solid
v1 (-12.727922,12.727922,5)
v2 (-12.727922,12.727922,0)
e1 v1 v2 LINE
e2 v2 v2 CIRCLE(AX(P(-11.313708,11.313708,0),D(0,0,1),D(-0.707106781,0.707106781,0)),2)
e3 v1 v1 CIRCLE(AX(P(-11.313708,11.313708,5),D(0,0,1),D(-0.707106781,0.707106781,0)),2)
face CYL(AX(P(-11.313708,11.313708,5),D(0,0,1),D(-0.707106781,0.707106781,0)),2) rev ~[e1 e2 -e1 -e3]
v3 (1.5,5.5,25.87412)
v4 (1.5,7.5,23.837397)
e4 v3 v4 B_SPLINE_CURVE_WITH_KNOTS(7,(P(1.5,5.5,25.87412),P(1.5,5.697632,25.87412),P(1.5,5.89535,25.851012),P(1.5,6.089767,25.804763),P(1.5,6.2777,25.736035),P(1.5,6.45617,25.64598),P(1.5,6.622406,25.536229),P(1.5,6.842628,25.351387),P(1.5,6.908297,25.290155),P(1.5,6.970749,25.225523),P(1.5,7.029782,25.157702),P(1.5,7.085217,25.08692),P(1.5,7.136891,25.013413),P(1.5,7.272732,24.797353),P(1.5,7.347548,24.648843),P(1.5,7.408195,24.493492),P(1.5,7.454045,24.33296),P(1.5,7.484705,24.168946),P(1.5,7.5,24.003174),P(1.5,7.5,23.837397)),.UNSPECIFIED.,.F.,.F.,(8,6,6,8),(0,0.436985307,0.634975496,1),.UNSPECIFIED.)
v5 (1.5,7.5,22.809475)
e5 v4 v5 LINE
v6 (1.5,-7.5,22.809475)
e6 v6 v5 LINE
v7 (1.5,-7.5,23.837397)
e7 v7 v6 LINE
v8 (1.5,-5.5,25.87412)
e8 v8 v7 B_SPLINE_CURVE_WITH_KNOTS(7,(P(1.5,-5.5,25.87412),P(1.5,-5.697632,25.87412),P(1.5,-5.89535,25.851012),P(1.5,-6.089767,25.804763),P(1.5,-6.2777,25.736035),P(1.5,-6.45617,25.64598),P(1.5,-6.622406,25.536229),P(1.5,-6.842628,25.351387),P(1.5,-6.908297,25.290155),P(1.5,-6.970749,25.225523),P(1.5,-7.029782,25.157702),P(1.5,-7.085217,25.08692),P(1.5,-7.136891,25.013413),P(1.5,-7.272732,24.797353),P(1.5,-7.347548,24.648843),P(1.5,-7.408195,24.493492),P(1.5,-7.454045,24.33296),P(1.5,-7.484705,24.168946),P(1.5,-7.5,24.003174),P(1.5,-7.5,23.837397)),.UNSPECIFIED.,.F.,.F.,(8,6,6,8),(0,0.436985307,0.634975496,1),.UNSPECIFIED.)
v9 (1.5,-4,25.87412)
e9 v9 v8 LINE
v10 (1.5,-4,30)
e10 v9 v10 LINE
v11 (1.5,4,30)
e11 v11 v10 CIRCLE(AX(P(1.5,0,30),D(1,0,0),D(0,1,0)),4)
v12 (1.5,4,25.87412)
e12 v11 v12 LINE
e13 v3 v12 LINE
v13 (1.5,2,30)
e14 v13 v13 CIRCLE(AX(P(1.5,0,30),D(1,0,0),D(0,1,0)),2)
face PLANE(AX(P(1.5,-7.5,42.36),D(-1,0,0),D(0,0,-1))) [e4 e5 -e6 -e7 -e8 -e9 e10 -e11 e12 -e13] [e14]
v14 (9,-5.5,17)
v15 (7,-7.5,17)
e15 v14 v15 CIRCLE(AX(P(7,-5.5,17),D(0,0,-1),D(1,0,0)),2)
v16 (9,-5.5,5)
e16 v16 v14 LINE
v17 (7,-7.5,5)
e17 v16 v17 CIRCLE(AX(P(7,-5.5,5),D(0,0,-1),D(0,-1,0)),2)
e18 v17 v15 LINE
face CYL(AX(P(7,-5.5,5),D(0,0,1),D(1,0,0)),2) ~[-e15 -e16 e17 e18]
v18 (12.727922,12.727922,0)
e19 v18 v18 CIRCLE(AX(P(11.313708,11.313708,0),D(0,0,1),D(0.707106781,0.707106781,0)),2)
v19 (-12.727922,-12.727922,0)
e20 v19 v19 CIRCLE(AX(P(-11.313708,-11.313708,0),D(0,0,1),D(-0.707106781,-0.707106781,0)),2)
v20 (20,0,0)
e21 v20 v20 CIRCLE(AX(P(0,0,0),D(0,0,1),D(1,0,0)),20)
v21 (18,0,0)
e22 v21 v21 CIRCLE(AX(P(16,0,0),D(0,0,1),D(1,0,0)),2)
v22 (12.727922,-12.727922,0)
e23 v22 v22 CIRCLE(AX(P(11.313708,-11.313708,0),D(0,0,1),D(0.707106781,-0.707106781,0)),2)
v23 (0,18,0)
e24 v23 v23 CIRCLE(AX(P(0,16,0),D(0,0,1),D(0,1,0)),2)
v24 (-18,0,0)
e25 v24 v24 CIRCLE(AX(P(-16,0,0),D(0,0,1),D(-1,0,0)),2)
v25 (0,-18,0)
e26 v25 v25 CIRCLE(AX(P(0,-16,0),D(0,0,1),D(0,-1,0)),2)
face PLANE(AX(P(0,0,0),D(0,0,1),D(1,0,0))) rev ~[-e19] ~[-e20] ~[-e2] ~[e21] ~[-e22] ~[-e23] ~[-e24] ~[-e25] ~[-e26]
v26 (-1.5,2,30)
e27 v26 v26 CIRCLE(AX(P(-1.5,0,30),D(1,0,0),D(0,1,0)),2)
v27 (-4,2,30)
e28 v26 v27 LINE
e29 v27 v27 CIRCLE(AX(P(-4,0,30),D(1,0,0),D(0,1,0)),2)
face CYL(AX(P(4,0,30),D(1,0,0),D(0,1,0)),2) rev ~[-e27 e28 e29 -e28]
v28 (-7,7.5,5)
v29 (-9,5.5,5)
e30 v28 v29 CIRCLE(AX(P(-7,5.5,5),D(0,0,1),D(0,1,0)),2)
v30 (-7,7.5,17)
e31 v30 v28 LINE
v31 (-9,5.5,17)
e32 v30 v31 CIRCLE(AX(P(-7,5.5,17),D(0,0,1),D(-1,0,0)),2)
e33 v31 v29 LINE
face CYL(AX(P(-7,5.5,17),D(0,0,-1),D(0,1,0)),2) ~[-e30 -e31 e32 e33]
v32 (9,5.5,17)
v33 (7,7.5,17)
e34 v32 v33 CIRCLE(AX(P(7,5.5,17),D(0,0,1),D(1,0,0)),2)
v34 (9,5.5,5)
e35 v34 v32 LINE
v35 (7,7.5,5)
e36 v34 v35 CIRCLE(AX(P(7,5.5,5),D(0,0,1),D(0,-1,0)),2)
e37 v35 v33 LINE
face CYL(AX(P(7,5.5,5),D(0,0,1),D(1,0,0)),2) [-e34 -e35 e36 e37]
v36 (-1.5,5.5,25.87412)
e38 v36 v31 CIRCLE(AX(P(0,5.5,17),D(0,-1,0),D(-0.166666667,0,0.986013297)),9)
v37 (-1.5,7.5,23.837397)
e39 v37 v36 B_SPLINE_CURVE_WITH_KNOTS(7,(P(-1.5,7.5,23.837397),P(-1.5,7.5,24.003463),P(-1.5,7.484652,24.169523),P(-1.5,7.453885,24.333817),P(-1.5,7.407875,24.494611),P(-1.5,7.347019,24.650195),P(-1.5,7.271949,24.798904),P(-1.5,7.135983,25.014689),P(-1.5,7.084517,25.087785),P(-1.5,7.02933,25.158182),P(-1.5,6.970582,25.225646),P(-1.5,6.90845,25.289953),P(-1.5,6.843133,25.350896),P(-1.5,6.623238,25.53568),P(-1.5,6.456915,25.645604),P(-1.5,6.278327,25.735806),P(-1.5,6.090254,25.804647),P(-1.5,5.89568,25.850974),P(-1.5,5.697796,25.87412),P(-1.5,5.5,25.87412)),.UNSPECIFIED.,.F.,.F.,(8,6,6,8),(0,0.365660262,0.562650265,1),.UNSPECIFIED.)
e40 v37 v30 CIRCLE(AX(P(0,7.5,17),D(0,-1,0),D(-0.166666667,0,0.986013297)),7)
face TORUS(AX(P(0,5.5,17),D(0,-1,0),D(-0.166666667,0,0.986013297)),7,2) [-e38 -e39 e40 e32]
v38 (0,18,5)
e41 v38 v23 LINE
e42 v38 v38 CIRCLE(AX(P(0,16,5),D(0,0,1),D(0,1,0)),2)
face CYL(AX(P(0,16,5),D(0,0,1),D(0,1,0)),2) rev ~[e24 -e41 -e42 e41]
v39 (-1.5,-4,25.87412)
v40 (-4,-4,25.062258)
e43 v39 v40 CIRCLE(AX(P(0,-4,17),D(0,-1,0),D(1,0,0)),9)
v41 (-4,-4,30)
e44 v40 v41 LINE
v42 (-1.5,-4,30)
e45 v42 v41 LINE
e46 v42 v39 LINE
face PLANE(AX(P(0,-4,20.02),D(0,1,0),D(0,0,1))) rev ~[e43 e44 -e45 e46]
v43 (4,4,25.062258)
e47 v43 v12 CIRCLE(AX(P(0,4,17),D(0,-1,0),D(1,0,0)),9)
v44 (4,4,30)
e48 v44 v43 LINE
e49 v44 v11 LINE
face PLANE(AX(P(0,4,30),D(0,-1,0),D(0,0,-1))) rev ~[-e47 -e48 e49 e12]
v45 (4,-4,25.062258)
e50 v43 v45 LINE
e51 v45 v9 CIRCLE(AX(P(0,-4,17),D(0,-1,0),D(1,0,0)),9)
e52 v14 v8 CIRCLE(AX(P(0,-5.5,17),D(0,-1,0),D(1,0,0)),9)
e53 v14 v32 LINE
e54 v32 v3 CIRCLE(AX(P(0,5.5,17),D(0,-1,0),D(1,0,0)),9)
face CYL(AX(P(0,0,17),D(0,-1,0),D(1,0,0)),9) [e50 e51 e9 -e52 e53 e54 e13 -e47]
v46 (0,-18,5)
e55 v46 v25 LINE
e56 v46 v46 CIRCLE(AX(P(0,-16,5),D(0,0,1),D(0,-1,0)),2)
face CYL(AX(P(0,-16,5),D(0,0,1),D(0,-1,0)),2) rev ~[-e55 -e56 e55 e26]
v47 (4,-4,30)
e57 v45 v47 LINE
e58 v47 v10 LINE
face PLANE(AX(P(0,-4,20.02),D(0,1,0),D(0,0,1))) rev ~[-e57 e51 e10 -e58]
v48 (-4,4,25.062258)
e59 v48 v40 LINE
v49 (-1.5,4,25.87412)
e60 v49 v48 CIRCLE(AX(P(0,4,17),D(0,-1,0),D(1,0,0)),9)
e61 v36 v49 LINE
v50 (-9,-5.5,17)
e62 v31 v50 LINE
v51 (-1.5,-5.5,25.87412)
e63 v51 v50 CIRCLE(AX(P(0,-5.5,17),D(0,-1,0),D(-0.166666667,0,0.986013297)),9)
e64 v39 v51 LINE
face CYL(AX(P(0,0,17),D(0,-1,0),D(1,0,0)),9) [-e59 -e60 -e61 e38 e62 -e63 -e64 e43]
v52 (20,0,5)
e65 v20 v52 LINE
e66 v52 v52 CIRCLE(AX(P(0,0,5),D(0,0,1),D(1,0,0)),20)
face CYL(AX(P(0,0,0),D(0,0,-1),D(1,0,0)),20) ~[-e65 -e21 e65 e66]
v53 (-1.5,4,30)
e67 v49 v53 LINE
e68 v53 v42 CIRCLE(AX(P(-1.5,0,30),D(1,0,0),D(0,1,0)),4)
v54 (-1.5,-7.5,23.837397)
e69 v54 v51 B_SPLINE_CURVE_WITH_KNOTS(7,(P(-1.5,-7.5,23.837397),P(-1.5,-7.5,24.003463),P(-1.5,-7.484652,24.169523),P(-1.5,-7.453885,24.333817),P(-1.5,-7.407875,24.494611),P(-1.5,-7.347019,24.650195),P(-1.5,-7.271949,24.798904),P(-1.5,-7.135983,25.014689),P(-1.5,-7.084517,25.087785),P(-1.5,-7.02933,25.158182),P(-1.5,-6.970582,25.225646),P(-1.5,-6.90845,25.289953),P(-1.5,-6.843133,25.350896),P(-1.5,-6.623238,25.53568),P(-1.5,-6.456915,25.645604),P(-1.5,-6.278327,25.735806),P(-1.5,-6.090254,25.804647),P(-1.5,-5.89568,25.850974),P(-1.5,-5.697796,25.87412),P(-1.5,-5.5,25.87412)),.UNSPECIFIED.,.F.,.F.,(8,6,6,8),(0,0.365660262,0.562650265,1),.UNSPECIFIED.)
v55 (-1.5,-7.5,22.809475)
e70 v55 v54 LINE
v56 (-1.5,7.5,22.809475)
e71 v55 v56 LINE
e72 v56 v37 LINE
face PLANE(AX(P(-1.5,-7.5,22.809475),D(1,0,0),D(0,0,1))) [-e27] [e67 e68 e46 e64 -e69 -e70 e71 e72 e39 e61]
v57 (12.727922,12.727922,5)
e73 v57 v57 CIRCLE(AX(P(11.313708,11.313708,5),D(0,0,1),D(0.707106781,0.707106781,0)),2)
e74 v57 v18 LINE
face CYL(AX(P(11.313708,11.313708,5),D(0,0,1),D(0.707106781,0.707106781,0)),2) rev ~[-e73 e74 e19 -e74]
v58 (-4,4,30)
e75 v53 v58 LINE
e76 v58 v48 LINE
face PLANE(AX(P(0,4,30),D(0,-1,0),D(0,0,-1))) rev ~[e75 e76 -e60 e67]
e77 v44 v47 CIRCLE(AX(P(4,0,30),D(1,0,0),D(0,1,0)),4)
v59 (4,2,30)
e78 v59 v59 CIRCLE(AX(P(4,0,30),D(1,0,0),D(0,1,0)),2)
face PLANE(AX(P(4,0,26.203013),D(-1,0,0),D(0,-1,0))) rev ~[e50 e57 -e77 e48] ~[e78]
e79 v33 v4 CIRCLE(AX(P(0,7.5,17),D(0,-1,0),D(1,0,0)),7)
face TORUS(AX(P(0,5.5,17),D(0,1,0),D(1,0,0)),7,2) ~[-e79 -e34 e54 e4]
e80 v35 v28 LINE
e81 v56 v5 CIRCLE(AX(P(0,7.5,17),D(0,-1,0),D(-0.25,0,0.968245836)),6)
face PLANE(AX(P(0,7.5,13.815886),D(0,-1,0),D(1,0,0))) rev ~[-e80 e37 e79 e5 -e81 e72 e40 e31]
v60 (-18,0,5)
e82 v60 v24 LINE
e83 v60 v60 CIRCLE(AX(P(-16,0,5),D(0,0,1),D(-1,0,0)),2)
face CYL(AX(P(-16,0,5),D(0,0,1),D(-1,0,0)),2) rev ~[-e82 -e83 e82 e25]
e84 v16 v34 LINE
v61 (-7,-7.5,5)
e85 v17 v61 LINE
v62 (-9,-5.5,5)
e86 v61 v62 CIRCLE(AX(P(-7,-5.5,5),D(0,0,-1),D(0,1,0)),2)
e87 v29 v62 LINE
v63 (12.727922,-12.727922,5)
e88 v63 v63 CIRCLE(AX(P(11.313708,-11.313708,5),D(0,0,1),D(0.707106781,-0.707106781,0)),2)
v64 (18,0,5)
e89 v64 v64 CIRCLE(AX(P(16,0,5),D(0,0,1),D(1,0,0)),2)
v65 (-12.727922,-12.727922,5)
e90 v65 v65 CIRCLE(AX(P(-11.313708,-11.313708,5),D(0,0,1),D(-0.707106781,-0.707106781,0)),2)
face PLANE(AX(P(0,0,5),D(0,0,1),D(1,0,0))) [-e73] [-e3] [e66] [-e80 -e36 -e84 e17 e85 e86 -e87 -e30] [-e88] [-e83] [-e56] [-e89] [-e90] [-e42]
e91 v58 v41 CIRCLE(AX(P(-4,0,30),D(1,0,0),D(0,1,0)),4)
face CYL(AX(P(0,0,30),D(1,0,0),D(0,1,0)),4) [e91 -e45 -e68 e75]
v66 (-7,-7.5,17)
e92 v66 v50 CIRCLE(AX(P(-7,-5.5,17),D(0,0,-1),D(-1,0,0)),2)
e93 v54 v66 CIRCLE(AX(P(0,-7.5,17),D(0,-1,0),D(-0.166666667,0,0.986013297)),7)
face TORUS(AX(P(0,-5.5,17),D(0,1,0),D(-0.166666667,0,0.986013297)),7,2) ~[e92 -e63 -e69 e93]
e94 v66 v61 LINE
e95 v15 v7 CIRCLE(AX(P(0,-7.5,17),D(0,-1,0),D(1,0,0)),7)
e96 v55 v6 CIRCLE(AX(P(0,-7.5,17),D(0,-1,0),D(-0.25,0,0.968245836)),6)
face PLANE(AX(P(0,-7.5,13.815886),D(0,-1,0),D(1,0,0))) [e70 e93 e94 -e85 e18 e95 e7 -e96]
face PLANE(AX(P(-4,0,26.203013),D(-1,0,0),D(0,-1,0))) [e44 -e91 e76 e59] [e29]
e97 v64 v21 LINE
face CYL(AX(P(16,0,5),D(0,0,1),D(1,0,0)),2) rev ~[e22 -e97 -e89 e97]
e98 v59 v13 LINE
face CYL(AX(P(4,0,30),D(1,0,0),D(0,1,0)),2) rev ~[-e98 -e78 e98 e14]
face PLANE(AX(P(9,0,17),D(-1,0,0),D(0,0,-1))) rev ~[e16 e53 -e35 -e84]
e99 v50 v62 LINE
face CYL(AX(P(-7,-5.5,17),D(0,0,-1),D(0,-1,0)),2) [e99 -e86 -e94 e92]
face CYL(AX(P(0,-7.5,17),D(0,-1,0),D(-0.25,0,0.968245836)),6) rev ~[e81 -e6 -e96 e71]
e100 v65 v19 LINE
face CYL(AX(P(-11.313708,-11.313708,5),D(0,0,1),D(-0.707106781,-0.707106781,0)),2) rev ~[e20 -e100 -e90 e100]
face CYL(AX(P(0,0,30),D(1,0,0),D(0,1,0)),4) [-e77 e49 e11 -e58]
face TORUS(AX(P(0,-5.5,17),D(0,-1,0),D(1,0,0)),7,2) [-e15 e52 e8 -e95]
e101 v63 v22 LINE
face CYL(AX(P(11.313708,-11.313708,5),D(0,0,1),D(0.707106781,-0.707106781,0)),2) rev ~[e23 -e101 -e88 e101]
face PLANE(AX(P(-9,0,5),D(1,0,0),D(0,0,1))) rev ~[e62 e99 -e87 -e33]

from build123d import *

# Parameters (mm, degrees)
SKETCH_R           = 20
PAD_DEPTH          = 5
PAD001_DEPTH       = 7.5
PAD002_DEPTH       = 4
SKETCH003_R        = 2
POCKET_DEPTH       = 24.001
POCKET001_DEPTH    = 27.501
SKETCH005_R        = 2
POCKET002_DEPTH    = 137.001
POLARPATTERN_COUNT = 8
FILLET_R           = 2


with BuildPart() as part:
    # Sketch → Pad (new body)
    with BuildSketch(Plane.XY):
        Circle(SKETCH_R)
    extrude(amount=PAD_DEPTH)

    # Sketch001 → Pad001 (join, symmetric)
    with BuildSketch(Plane.XZ):
        with BuildLine():
            ThreePointArc((9, 17), (0, 26), (-9, 17))
            Line((-9, 5), (-9, 17))
            Line((9, 5), (-9, 5))
            Line((9, 17), (9, 5))
        make_face()
    extrude(amount=PAD001_DEPTH, both=True)

    # Sketch002 → Pad002 (join, symmetric)
    with BuildSketch(Plane.YZ):
        with BuildLine():
            Line((-4, 20.02), (-4, 30))
            ThreePointArc((4, 30), (0, 34), (-4, 30))
            Line((4, 30), (4, 20.02))
            Line((4, 20.02), (-4, 20.02))
        make_face()
    extrude(amount=PAD002_DEPTH, both=True)

    # Sketch003 (on Face11 of Pad002) → Pocket (cut, through all)
    with BuildSketch(Plane.YZ.offset(4)):
        with Locations((0, 30)):
            Circle(SKETCH003_R)
    extrude(amount=-POCKET_DEPTH, mode=Mode.SUBTRACT)

    # Sketch004 (on Face5 of Pocket) → Pocket001 (cut, through all)
    with BuildSketch(Plane.XZ.offset(7.5)):
        with BuildLine():
            ThreePointArc((-1.5, 22.809475), (0, 11), (1.5, 22.809475))
            Line((1.5, 42.36), (1.5, 22.809475))
            Line((-1.5, 42.36), (1.5, 42.36))
            Line((-1.5, 22.809475), (-1.5, 42.36))
        make_face()
    extrude(amount=-POCKET001_DEPTH, mode=Mode.SUBTRACT)

    # Sketch005 (on Face3 of Pocket001) → Pocket002 (cut, through all)
    with BuildSketch(Plane.XY.offset(5)):
        with Locations((16, 0)):
            Circle(SKETCH005_R)
    pocket002 = extrude(amount=-POCKET002_DEPTH, mode=Mode.SUBTRACT)

    # PolarPattern: Pocket002 ×8 about axis
    polarpattern_axis = Axis((0, 0, 5), (0, 0, 1))
    for i in range(1, POLARPATTERN_COUNT):
        add(pocket002.rotate(polarpattern_axis, i * 360 / POLARPATTERN_COUNT), mode=Mode.SUBTRACT)

    # Fillet
    fillet_edges = [part.edges().sort_by_distance(p)[0] for p in [
        (-6.873864, -7.5, 22.809475),
        (6.873864, -7.5, 22.809475),
        (-6.873864, 7.5, 22.809475),
        (6.873864, 7.5, 22.809475),
    ]]
    fillet(fillet_edges, radius=FILLET_R)


solid = part.part
